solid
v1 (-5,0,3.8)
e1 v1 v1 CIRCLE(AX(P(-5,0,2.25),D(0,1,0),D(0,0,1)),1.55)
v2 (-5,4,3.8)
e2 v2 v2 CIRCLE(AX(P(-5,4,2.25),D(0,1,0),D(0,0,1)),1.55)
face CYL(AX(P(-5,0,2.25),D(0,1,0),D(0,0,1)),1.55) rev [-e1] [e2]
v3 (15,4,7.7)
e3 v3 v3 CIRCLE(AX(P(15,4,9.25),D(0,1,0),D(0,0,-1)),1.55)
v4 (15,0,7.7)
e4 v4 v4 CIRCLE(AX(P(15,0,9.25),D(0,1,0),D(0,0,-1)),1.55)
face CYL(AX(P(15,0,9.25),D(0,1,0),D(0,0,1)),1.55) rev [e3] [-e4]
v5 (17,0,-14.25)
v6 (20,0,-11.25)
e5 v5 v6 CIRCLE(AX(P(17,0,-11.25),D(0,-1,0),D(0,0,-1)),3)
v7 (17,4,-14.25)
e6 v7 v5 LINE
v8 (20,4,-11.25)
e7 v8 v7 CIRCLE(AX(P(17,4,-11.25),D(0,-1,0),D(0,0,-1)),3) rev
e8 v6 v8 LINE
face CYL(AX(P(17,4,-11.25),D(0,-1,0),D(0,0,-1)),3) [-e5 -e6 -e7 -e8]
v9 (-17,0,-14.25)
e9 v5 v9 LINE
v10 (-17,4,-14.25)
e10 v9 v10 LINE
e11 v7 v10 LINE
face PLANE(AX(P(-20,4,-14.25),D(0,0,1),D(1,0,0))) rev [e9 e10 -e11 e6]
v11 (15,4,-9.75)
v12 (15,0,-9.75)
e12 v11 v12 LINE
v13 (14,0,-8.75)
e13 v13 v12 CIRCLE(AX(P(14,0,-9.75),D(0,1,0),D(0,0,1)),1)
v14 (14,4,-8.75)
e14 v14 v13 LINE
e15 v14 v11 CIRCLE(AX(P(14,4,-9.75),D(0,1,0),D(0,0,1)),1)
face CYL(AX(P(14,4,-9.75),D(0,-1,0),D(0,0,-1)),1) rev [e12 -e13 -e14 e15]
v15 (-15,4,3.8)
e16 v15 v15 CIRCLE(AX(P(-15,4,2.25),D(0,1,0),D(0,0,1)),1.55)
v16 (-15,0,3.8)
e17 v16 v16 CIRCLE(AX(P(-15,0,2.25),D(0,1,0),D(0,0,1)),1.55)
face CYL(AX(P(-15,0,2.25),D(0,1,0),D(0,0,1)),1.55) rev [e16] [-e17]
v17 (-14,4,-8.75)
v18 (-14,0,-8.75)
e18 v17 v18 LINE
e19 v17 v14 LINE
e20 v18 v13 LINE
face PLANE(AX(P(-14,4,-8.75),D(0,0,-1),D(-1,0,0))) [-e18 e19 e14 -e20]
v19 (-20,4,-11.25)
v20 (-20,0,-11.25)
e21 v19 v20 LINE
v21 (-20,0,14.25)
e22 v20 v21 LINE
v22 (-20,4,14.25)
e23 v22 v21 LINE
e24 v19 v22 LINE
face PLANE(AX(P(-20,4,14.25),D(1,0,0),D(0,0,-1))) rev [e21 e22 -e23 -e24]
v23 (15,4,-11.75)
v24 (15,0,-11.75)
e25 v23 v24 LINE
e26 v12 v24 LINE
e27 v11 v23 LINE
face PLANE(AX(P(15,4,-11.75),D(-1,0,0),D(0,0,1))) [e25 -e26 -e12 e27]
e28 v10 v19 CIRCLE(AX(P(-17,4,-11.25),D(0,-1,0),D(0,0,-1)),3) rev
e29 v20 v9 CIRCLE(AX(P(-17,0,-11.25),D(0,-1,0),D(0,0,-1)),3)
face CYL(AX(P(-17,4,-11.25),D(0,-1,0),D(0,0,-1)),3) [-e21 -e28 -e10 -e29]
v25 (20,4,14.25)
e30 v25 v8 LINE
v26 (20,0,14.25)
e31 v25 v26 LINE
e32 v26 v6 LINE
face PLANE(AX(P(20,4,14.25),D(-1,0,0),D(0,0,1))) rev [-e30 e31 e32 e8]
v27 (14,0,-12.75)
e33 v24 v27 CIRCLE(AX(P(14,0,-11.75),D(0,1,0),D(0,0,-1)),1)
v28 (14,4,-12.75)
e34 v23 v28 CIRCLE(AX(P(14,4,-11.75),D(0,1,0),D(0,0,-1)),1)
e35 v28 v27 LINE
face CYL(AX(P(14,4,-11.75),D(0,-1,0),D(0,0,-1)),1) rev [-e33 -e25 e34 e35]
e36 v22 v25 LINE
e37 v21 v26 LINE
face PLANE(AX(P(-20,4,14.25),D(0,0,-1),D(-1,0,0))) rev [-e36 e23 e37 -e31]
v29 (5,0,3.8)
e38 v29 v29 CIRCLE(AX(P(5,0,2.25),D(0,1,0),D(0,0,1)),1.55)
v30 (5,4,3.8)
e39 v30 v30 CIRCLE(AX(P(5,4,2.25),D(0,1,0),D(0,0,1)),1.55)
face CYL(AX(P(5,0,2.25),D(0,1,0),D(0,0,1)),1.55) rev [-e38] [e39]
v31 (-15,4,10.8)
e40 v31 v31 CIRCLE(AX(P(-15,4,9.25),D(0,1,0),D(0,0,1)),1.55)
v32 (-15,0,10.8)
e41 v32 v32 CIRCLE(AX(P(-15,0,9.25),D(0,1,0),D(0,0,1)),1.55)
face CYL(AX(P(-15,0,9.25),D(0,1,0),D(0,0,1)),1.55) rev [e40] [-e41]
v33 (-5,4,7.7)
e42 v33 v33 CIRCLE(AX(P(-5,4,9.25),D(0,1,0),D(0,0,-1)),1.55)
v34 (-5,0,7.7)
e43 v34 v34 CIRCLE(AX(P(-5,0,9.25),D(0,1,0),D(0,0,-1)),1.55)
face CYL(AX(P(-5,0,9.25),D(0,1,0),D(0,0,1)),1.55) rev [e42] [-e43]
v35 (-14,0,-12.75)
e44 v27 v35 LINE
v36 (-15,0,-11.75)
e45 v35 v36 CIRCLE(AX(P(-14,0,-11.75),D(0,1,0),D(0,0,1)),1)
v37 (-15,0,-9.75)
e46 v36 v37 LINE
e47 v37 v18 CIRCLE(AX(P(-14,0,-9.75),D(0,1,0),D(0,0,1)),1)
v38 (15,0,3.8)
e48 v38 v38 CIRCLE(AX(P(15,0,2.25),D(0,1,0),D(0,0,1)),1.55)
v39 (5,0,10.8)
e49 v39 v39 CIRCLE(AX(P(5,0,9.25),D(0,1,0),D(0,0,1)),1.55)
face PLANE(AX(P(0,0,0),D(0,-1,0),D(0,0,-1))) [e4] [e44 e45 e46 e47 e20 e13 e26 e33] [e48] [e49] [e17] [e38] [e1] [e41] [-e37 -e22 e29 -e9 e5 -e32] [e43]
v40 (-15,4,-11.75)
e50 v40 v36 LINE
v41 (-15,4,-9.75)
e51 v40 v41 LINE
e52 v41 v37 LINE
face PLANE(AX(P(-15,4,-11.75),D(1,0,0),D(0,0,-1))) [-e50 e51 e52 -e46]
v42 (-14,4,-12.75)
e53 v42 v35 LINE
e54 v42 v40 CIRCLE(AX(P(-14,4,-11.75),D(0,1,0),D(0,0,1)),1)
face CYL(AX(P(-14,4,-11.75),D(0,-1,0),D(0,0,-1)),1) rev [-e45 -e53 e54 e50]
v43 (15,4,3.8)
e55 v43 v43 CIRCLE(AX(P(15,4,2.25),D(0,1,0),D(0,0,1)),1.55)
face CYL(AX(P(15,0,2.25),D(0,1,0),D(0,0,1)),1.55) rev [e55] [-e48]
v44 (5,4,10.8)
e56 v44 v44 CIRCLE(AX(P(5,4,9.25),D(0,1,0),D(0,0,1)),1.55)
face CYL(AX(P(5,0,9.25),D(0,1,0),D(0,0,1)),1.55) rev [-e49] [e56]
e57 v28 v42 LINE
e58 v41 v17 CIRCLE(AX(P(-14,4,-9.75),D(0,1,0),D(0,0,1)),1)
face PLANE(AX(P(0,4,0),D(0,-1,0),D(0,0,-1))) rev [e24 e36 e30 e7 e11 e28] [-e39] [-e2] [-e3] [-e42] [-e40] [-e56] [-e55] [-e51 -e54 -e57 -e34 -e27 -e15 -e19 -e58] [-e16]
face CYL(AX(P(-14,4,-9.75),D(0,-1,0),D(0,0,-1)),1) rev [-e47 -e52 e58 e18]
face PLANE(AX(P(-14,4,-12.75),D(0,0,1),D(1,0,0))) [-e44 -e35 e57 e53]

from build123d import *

# Parameters (mm, degrees)
SKETCH_1_W          = 40
SKETCH_1_H          = 28.5
EXTRUDE_1_DEPTH     = 4
SKETCH_2_R          = 1.55
CUT_EXTRUDE_1_DEPTH = 25.880966621
SKETCH_3_R          = 1.55
CUT_EXTRUDE_2_DEPTH = 25.880966621
FILLET_1_R          = 3


with BuildPart() as part:
    # 草图1 → 凸台-拉伸1 (new body)
    with BuildSketch(Plane(origin=(0, 0, 0), x_dir=(1, 0, 0), z_dir=(0, 1, 0))):
        Rectangle(SKETCH_1_W, SKETCH_1_H)
        with BuildLine():
            Line((-14, 12.75), (14, 12.75))
            ThreePointArc((14, 12.75), (14.707106781, 12.457106781), (15, 11.75))
            Line((15, 11.75), (15, 9.75))
            ThreePointArc((15, 9.75), (14.707106781, 9.042893219), (14, 8.75))
            Line((14, 8.75), (-14, 8.75))
            ThreePointArc((-14, 8.75), (-14.707106781, 9.042893219), (-15, 9.75))
            Line((-15, 9.75), (-15, 11.75))
            ThreePointArc((-15, 11.75), (-14.707106781, 12.457106781), (-14, 12.75))
        make_face(mode=Mode.SUBTRACT)
    extrude(amount=EXTRUDE_1_DEPTH)

    # 草图2 → 切除-拉伸1 (cut, through all)
    with BuildSketch(Plane(origin=(0, 4, 0), x_dir=(1, 0, 0), z_dir=(0, 1, 0))):
        with Locations(Location((-15, -9.25, 0), (0, 0, 270))):
            Circle(SKETCH_2_R)
        with Locations(Location((5, -9.25, 0), (0, 0, 270))):
            Circle(SKETCH_2_R)
        with Locations(Location((15, -9.25, 0), (0, 0, 90))):
            Circle(SKETCH_2_R)
        with Locations(Location((-5, -9.25, 0), (0, 0, 90))):
            Circle(SKETCH_2_R)
    extrude(amount=-CUT_EXTRUDE_1_DEPTH, mode=Mode.SUBTRACT)

    # 草图3 → 切除-拉伸2 (cut, through all)
    with BuildSketch(Plane(origin=(0, 4, 0), x_dir=(1, 0, 0), z_dir=(0, 1, 0))):
        with Locations(Location((-15, -2.25, 0), (0, 0, 270))):
            Circle(SKETCH_3_R)
        with Locations(Location((-5, -2.25, 0), (0, 0, 270))):
            Circle(SKETCH_3_R)
        with Locations(Location((5, -2.25, 0), (0, 0, 270))):
            Circle(SKETCH_3_R)
        with Locations(Location((15, -2.25, 0), (0, 0, 270))):
            Circle(SKETCH_3_R)
    extrude(amount=-CUT_EXTRUDE_2_DEPTH, mode=Mode.SUBTRACT)

    # 圆角1
    fillet_1_edges = [part.edges().sort_by_distance(p)[0] for p in [
        (-20, 2, -14.25),
        (20, 2, -14.25),
    ]]
    fillet(fillet_1_edges, radius=FILLET_1_R)


solid = part.part
